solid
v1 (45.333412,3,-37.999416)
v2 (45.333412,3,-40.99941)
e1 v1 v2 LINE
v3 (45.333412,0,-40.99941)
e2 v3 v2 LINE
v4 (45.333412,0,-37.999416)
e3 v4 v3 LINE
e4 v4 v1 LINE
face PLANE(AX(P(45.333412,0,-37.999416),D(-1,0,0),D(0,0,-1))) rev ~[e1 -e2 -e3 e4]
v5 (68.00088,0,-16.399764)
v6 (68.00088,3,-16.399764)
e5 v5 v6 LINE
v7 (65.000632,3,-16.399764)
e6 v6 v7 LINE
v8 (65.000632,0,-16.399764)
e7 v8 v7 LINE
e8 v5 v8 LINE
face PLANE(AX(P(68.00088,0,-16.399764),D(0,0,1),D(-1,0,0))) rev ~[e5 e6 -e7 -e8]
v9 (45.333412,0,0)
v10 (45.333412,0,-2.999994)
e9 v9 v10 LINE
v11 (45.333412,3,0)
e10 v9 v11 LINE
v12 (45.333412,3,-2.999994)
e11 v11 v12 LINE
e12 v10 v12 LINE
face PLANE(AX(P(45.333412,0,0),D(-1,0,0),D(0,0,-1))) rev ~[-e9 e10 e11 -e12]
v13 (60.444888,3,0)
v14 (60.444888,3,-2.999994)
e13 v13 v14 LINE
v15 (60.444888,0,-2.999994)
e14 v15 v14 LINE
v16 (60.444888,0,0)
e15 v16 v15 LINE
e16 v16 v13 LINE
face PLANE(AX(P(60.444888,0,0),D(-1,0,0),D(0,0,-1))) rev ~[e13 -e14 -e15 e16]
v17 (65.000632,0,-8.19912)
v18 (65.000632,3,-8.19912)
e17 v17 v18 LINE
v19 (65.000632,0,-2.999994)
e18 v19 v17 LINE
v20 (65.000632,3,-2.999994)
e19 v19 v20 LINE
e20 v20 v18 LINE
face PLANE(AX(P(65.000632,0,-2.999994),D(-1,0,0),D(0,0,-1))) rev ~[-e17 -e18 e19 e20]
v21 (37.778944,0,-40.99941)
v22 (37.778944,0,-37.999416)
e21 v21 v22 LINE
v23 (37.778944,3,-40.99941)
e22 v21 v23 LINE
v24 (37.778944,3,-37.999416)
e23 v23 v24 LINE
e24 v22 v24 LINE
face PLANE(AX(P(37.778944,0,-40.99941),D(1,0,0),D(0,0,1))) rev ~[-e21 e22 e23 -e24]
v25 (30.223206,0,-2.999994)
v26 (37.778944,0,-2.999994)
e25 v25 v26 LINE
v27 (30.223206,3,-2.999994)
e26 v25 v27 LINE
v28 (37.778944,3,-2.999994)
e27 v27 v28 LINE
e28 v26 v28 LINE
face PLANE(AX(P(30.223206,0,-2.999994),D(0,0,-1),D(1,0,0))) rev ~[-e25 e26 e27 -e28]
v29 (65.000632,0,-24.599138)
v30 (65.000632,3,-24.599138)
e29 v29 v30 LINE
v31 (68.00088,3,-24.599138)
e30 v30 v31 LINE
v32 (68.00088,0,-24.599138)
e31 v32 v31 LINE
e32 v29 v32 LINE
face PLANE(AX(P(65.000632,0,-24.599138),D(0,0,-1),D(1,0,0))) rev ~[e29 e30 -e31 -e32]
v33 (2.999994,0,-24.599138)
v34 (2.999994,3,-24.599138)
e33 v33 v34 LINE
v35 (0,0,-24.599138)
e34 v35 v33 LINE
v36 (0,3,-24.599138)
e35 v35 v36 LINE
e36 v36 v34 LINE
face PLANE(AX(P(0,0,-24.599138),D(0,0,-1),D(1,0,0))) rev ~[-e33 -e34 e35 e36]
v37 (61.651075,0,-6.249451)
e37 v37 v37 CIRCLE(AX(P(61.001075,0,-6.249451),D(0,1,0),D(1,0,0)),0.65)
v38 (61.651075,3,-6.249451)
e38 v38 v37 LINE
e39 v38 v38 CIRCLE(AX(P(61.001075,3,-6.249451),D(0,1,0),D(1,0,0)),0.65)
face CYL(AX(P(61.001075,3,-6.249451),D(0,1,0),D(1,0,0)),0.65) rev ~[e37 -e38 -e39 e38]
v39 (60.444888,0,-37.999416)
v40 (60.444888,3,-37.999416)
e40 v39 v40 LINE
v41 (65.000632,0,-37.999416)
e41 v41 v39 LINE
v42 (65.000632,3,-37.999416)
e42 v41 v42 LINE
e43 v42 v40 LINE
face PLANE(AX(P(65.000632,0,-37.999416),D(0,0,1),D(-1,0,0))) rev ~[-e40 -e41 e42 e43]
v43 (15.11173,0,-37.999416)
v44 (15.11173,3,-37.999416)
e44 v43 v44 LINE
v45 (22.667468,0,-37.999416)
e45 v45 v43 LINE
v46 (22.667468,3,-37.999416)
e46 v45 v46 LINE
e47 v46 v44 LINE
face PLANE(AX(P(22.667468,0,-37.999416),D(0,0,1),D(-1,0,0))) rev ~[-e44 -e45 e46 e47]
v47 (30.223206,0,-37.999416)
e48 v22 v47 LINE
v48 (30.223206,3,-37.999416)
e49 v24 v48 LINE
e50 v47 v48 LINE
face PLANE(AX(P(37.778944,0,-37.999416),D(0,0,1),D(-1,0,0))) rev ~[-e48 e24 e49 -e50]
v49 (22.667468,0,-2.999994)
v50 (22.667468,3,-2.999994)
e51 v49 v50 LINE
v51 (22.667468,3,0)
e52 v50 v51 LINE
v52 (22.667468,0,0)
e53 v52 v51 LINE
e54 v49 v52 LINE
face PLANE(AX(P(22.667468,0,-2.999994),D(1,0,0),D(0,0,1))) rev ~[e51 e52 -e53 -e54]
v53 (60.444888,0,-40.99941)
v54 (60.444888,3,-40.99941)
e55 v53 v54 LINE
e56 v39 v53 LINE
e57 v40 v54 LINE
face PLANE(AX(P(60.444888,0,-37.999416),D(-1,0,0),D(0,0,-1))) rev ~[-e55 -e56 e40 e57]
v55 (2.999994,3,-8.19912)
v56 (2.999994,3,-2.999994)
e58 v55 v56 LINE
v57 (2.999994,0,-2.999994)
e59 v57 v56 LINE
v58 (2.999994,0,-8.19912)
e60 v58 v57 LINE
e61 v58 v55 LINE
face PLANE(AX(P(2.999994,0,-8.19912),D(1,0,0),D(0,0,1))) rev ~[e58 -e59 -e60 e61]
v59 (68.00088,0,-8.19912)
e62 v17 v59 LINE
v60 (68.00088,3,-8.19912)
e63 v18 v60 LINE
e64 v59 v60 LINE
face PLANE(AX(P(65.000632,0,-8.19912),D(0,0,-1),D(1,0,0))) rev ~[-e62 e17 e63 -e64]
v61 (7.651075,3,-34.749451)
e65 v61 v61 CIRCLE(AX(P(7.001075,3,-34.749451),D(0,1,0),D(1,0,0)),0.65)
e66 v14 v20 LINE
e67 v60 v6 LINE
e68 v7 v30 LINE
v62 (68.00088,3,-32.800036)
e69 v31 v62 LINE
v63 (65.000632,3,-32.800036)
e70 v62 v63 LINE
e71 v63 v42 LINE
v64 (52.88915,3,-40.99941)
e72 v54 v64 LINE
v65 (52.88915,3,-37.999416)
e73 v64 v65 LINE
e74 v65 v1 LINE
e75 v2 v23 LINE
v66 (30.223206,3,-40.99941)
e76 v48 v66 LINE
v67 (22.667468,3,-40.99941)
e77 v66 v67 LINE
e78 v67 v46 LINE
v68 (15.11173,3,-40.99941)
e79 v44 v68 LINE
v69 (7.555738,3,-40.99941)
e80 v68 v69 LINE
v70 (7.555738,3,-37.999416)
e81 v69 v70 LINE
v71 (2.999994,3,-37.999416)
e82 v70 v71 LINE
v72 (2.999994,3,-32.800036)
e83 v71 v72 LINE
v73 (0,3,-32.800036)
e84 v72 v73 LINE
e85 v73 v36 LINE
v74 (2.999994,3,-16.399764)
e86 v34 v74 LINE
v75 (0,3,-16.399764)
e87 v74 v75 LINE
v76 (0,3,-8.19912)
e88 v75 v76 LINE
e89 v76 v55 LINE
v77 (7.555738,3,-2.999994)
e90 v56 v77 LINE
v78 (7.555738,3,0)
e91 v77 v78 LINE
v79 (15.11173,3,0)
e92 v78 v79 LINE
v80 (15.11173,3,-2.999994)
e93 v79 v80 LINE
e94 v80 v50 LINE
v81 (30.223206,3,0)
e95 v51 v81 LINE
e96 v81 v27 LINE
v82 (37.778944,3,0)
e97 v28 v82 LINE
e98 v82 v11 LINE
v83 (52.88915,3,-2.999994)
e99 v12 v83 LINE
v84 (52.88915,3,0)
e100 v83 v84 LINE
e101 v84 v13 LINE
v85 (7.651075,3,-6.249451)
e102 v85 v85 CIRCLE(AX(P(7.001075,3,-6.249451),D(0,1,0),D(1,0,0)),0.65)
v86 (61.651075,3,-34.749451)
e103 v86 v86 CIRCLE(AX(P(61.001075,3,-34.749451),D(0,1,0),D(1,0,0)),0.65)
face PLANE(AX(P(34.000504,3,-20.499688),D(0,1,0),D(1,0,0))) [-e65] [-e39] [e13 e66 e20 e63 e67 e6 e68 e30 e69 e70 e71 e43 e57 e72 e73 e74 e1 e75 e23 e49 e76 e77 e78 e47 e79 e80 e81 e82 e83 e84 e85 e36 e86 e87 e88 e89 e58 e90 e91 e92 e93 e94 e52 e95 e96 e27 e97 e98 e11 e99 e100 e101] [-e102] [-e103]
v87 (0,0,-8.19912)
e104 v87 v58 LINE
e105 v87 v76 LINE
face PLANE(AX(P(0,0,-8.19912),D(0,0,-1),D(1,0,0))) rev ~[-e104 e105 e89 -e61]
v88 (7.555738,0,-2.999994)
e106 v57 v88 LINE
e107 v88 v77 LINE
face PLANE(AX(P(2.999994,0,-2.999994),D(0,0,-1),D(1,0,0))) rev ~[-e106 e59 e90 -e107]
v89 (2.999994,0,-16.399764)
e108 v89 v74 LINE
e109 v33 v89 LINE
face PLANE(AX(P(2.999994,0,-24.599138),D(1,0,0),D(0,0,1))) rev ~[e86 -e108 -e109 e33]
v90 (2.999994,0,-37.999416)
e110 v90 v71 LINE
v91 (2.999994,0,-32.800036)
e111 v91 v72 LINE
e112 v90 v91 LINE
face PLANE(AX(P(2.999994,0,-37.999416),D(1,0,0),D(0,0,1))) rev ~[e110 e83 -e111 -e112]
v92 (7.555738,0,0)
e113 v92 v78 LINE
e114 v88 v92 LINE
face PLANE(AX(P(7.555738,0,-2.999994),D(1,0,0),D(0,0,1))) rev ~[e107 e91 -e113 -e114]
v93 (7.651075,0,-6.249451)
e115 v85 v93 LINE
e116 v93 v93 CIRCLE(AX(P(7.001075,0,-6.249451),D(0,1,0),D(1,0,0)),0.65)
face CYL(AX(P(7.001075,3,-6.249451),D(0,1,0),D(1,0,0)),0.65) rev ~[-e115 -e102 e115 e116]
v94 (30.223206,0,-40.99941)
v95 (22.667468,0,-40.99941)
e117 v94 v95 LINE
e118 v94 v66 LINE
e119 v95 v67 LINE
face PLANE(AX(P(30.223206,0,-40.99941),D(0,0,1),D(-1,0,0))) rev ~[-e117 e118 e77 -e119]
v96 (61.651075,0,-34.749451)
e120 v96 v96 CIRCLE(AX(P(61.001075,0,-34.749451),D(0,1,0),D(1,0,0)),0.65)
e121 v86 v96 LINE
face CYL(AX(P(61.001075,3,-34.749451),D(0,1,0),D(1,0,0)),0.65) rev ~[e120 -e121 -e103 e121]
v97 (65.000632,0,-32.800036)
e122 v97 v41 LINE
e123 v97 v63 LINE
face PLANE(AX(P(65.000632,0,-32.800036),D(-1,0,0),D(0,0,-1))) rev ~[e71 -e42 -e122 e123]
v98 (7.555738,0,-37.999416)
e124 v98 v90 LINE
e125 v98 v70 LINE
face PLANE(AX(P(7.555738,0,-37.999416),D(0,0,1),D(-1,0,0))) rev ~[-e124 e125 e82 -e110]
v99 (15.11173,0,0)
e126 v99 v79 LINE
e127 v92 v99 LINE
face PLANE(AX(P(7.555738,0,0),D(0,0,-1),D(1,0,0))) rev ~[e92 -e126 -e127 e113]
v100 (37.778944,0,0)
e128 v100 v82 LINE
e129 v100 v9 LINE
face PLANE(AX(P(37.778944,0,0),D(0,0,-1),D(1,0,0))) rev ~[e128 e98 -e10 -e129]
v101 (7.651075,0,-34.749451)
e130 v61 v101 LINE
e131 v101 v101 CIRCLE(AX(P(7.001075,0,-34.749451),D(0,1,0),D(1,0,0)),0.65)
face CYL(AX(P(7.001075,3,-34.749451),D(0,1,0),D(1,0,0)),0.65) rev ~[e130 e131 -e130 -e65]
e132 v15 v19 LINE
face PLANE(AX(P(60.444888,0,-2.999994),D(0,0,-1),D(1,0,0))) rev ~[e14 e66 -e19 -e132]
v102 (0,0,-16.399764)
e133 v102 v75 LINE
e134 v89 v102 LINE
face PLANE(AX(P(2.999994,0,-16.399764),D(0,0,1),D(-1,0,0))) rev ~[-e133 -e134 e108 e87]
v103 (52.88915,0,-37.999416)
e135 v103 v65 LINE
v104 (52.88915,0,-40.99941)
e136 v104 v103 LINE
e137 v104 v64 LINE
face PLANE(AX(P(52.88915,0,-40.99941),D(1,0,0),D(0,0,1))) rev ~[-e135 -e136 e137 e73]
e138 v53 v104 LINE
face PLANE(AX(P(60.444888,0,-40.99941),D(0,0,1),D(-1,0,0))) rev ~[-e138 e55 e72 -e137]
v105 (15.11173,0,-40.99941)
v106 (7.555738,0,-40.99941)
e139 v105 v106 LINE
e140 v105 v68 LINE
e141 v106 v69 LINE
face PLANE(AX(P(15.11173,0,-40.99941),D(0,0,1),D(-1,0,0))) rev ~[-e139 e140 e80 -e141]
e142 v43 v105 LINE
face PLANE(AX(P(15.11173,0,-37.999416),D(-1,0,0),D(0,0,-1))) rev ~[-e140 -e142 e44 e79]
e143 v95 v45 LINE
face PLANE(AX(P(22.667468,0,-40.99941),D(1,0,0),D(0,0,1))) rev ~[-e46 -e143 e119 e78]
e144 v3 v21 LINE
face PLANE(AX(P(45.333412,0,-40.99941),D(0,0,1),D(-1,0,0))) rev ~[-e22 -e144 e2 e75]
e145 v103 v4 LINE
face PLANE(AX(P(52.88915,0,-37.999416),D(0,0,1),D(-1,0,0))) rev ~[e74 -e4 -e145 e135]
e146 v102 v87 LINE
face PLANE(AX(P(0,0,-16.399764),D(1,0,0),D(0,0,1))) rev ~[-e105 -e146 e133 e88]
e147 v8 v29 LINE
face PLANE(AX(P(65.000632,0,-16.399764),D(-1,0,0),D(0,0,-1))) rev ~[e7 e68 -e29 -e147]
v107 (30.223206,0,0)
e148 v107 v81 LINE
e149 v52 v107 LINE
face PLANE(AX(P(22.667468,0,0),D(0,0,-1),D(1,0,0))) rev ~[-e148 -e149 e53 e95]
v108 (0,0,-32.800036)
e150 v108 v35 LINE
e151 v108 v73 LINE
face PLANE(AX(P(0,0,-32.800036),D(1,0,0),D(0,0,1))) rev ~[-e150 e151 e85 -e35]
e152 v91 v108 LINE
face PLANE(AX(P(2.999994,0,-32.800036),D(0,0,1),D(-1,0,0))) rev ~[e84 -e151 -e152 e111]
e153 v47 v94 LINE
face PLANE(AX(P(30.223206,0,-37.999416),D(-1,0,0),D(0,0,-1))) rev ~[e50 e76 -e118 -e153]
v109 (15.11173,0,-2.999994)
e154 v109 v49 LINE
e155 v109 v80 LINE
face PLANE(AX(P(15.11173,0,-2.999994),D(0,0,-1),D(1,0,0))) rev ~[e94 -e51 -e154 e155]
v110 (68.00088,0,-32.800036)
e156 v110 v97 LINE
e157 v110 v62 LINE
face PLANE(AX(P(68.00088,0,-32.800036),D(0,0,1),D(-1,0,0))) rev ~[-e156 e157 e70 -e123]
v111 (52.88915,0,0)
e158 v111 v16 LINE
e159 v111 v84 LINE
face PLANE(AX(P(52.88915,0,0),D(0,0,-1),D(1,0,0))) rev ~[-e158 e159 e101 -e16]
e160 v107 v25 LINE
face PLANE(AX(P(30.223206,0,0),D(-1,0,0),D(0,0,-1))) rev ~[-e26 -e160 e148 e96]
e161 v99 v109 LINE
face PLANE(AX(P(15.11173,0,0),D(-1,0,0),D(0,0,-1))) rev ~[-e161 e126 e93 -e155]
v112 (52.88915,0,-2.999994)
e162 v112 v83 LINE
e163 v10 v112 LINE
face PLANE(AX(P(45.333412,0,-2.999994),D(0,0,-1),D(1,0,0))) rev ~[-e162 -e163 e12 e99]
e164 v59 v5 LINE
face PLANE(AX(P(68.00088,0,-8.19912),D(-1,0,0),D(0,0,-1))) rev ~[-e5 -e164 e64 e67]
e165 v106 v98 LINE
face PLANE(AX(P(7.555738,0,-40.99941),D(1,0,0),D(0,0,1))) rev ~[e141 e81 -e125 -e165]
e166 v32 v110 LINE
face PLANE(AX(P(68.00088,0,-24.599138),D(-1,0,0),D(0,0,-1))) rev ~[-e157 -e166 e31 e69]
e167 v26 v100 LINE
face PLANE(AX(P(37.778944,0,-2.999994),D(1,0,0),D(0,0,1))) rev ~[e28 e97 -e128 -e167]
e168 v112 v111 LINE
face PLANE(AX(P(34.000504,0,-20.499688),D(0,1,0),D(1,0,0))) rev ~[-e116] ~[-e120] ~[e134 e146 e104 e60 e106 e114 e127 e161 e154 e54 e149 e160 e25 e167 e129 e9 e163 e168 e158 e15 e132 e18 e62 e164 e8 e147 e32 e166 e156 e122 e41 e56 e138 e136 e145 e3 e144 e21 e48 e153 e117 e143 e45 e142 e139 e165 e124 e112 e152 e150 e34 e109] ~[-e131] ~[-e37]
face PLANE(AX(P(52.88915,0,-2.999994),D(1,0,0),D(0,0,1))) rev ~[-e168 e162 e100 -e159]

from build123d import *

# Parameters (mm, degrees)
AUFSATZ_LINEAR_AUSTRAGEN1_DEPTH = 3
SCHNITT_LINEAR_AUSTRAGEN1_REACH = 5
SKIZZE2_R                       = 0.65


with BuildPart() as part:
    # Skizze1 → Aufsatz-Linear austragen1 (new body)
    with BuildSketch(Plane(origin=(0, 0, 0), x_dir=(1, 0, 0), z_dir=(0, 1, 0))):
        Polygon((2.999994, 37.999416), (2.999994, 32.800036), (0, 32.800036), (0, 24.599138), (2.999994, 24.599138), (2.999994, 16.399764), (0, 16.399764), (0, 8.19912), (2.999994, 8.19912), (2.999994, 2.999994), (7.555738, 2.999994), (7.555738, 0), (15.11173, 0), (15.11173, 2.999994), (22.667468, 2.999994), (22.667468, 0), (30.223206, 0), (30.223206, 2.999994), (37.778944, 2.999994), (37.778944, 0), (45.333412, 0), (45.333412, 2.999994), (52.88915, 2.999994), (52.88915, 0), (60.444888, 0), (60.444888, 2.999994), (65.000632, 2.999994), (65.000632, 8.19912), (68.00088, 8.19912), (68.00088, 16.399764), (65.000632, 16.399764), (65.000632, 24.599138), (68.00088, 24.599138), (68.00088, 32.800036), (65.000632, 32.800036), (65.000632, 37.999416), (60.444888, 37.999416), (60.444888, 40.99941), (52.88915, 40.99941), (52.88915, 37.999416), (45.333412, 37.999416), (45.333412, 40.99941), (37.778944, 40.99941), (37.778944, 37.999416), (30.223206, 37.999416), (30.223206, 40.99941), (22.667468, 40.99941), (22.667468, 37.999416), (15.11173, 37.999416), (15.11173, 40.99941), (7.555738, 40.99941), (7.555738, 37.999416), align=None)
    extrude(amount=AUFSATZ_LINEAR_AUSTRAGEN1_DEPTH)

    # Skizze2 → Schnitt-Linear austragen1 (cut, up to next)
    with BuildSketch(Plane(origin=(0, 3, 0), x_dir=(1, 0, 0), z_dir=(0, 1, 0)), mode=Mode.PRIVATE) as schnitt_linear_austragen1_sk1:
        with Locations((7.001075, 34.749451)):
            Circle(SKIZZE2_R)
    schnitt_linear_austragen1_tool1 = extrude(schnitt_linear_austragen1_sk1.sketch, amount=-SCHNITT_LINEAR_AUSTRAGEN1_REACH, mode=Mode.PRIVATE) & part.part
    add(schnitt_linear_austragen1_tool1.solids().sort_by_distance((7.001075, 3, -34.749451))[0], mode=Mode.SUBTRACT)
    # Skizze2 → Schnitt-Linear austragen1 (cut, up to next)
    with BuildSketch(Plane(origin=(0, 3, 0), x_dir=(1, 0, 0), z_dir=(0, 1, 0)), mode=Mode.PRIVATE) as schnitt_linear_austragen1_sk2:
        with Locations((61.001075, 34.749451)):
            Circle(SKIZZE2_R)
    schnitt_linear_austragen1_tool2 = extrude(schnitt_linear_austragen1_sk2.sketch, amount=-SCHNITT_LINEAR_AUSTRAGEN1_REACH, mode=Mode.PRIVATE) & part.part
    add(schnitt_linear_austragen1_tool2.solids().sort_by_distance((61.001075, 3, -34.749451))[0], mode=Mode.SUBTRACT)
    # Skizze2 → Schnitt-Linear austragen1 (cut, up to next)
    with BuildSketch(Plane(origin=(0, 3, 0), x_dir=(1, 0, 0), z_dir=(0, 1, 0)), mode=Mode.PRIVATE) as schnitt_linear_austragen1_sk3:
        with Locations((61.001075, 6.249451)):
            Circle(SKIZZE2_R)
    schnitt_linear_austragen1_tool3 = extrude(schnitt_linear_austragen1_sk3.sketch, amount=-SCHNITT_LINEAR_AUSTRAGEN1_REACH, mode=Mode.PRIVATE) & part.part
    add(schnitt_linear_austragen1_tool3.solids().sort_by_distance((61.001075, 3, -6.249451))[0], mode=Mode.SUBTRACT)
    # Skizze2 → Schnitt-Linear austragen1 (cut, up to next)
    with BuildSketch(Plane(origin=(0, 3, 0), x_dir=(1, 0, 0), z_dir=(0, 1, 0)), mode=Mode.PRIVATE) as schnitt_linear_austragen1_sk4:
        with Locations((7.001075, 6.249451)):
            Circle(SKIZZE2_R)
    schnitt_linear_austragen1_tool4 = extrude(schnitt_linear_austragen1_sk4.sketch, amount=-SCHNITT_LINEAR_AUSTRAGEN1_REACH, mode=Mode.PRIVATE) & part.part
    add(schnitt_linear_austragen1_tool4.solids().sort_by_distance((7.001075, 3, -6.249451))[0], mode=Mode.SUBTRACT)


solid = part.part
